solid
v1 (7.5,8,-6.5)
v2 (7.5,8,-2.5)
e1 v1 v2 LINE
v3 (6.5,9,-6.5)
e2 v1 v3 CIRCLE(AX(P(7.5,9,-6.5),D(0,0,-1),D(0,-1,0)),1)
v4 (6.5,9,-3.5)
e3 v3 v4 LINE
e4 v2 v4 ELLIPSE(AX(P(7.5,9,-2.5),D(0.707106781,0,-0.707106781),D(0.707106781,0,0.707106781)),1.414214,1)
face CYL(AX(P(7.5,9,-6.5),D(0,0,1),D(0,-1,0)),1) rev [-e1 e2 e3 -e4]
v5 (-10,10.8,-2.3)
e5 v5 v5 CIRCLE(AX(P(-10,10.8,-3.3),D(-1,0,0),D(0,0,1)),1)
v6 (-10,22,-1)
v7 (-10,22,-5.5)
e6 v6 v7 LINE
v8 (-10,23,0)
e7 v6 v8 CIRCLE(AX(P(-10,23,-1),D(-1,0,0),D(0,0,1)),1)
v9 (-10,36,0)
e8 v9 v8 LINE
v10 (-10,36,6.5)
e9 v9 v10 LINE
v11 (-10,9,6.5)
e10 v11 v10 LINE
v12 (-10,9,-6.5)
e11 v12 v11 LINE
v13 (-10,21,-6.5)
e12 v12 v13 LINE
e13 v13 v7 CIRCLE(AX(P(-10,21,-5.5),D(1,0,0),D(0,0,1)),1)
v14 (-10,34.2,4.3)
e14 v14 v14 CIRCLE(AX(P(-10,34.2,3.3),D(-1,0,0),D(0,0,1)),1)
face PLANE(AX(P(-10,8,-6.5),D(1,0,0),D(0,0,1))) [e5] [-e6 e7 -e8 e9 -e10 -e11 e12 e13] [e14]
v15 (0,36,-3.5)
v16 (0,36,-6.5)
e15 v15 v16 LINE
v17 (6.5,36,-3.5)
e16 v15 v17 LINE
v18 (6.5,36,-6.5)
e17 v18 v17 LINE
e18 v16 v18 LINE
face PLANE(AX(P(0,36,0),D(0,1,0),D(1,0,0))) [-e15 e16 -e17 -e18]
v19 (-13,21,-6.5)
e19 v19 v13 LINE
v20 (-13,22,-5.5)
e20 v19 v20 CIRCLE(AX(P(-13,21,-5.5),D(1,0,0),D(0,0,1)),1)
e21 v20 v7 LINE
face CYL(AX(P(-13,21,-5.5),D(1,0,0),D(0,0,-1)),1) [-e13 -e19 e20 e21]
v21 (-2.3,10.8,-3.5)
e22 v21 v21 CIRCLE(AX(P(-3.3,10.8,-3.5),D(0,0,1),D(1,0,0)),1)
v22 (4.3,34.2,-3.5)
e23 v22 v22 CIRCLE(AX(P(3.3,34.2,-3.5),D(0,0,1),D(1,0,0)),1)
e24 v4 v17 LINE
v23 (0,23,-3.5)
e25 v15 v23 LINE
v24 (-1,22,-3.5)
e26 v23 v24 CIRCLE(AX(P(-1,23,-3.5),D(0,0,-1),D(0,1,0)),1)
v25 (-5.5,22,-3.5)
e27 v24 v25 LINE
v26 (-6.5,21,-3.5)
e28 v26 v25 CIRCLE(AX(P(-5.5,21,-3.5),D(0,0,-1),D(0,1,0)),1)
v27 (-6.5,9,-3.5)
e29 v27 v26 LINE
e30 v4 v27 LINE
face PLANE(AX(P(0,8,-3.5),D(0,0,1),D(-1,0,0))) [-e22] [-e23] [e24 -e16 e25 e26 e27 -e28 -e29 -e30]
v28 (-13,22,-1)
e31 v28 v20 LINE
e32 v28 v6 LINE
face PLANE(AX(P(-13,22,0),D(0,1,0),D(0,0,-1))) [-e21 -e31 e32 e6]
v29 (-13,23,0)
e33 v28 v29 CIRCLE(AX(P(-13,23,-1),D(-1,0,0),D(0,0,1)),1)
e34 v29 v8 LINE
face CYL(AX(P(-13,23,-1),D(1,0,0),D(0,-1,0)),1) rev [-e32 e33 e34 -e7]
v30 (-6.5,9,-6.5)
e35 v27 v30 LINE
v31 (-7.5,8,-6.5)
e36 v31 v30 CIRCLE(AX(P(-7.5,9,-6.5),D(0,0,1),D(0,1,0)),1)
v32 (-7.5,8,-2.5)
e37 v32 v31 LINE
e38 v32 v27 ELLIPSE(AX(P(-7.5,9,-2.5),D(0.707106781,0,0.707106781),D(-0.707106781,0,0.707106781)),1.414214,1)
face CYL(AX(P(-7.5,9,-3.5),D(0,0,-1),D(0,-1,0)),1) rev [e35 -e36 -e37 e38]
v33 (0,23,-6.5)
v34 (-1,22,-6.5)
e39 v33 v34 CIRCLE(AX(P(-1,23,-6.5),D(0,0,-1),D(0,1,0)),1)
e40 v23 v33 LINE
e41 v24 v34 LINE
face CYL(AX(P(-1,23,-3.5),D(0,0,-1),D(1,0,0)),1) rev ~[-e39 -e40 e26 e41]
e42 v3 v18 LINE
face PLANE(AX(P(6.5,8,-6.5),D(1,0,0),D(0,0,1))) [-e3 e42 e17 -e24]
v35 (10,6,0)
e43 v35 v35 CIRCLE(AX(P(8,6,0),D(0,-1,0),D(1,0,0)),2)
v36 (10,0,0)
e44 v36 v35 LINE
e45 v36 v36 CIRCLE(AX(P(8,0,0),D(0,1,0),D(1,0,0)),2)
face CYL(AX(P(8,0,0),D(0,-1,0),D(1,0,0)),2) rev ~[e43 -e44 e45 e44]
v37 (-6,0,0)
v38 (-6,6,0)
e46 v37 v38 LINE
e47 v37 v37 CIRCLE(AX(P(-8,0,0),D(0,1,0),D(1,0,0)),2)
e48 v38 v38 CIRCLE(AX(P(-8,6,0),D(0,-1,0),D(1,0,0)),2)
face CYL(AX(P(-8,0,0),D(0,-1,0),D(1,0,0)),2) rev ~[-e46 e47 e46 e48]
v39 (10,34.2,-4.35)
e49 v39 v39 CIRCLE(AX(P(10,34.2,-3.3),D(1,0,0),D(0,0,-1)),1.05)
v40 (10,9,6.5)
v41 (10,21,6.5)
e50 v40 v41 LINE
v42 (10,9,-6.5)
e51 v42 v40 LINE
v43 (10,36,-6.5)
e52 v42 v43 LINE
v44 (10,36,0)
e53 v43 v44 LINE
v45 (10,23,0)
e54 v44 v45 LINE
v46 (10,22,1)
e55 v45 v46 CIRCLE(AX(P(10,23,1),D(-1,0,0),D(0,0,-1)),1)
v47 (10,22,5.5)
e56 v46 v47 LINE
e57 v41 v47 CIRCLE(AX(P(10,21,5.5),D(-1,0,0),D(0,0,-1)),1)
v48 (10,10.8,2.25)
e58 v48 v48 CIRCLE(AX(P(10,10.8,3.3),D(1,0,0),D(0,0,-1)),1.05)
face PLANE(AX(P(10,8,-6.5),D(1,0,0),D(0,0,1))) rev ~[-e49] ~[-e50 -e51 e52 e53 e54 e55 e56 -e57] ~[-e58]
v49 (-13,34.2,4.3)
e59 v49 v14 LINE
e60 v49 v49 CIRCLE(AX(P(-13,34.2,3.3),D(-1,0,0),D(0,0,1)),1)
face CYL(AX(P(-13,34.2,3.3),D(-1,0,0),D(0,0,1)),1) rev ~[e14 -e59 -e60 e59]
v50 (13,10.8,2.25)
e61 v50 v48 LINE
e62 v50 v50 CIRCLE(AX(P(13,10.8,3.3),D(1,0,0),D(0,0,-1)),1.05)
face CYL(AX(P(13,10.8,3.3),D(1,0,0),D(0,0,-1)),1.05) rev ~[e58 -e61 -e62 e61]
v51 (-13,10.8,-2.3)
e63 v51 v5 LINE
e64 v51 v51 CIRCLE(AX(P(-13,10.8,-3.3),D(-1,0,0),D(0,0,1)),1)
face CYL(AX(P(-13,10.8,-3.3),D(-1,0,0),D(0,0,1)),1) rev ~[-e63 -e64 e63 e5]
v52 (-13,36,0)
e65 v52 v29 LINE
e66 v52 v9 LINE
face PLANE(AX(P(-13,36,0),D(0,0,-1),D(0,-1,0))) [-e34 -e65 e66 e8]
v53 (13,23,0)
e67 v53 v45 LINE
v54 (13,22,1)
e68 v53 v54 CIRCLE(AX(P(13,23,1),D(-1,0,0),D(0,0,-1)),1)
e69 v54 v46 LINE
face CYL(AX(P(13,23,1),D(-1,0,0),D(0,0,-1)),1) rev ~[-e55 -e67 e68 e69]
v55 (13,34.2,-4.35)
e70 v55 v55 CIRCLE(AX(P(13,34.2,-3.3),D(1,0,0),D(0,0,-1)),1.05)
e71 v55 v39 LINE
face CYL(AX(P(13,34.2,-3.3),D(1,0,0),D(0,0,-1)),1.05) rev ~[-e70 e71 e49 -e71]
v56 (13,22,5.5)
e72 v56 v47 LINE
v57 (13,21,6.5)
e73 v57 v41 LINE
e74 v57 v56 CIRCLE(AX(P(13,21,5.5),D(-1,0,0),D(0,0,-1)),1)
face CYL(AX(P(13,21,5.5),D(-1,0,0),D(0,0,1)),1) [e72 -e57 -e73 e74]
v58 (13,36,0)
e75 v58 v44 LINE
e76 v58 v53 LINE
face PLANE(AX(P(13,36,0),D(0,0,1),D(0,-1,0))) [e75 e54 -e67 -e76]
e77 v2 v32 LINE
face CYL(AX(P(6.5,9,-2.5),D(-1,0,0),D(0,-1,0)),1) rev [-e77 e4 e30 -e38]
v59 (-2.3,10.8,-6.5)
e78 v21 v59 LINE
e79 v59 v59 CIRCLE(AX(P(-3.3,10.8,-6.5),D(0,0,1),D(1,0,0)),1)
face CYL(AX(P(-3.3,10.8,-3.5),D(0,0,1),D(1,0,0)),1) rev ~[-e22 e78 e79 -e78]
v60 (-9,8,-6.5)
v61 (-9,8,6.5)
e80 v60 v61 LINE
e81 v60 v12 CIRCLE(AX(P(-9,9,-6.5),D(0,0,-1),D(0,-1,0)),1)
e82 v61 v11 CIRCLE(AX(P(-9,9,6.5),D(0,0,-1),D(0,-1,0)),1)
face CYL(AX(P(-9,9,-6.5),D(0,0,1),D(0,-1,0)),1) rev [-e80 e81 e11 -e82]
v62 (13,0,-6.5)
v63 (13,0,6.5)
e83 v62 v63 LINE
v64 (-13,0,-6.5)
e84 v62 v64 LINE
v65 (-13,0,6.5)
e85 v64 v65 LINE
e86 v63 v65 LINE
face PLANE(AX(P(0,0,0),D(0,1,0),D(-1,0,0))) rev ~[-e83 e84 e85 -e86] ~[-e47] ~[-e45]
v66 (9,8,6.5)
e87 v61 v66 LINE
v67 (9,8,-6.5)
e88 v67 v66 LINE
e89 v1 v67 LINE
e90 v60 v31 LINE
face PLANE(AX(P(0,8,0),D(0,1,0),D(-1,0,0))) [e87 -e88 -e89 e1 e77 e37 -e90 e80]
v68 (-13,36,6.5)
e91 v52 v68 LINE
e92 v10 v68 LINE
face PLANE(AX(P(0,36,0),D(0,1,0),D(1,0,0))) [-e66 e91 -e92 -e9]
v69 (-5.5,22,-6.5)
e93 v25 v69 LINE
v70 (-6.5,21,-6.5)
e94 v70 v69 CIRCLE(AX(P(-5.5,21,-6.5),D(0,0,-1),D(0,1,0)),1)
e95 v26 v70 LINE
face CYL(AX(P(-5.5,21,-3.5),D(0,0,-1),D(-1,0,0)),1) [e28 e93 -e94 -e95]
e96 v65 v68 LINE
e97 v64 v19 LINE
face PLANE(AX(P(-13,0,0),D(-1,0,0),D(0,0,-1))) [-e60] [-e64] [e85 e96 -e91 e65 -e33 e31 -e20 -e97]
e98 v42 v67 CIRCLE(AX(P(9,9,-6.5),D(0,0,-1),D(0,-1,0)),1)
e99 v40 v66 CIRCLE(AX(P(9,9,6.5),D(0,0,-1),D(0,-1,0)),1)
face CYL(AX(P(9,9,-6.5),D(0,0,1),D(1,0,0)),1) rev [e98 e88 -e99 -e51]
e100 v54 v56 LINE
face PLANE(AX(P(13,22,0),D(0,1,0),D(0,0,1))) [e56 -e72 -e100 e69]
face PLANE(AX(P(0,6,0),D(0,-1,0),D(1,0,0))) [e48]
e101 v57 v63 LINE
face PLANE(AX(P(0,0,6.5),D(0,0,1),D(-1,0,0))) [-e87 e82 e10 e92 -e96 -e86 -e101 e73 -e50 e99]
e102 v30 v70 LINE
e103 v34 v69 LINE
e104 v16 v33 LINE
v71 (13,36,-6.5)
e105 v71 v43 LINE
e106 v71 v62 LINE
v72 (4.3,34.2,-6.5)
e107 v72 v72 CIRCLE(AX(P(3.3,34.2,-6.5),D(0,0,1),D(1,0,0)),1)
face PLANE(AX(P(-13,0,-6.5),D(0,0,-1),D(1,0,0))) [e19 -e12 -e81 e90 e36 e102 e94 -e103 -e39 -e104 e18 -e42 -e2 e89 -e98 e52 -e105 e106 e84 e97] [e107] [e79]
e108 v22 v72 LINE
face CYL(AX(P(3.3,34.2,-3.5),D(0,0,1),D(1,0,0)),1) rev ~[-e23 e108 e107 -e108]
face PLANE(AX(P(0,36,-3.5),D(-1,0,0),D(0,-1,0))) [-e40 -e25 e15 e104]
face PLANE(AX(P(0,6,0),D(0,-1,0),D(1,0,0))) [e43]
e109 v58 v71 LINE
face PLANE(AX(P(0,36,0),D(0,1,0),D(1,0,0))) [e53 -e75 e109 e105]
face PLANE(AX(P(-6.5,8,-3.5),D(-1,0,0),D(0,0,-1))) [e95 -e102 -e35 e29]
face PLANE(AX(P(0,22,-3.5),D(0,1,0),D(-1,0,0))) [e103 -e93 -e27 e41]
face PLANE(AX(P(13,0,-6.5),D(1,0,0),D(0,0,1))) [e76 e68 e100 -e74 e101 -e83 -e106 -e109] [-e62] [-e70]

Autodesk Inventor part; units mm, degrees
ref_plane "YZ Plane" through (0, 0, 0) normal (1, 0, 0) x (0, 1, 0)
ref_plane "TOP" through (0, 36, 0) normal (0, 1, 0) x (-1, 0, 0)
sketch "Sketch1" plane through (0, 0, 0) normal (0, 1, 0) x (-1, 0, 0)
  line L0 (13, -6.5) -> (-13, -6.5)
  line L1 (-13, -6.5) -> (-13, 6.5)
  line L2 (-13, 6.5) -> (13, 6.5)
  line L3 (13, 6.5) -> (13, -6.5)
  line L4 (0, -9.1) -> (0, 9.1) projected
  line L5 (18.2, 0) -> (-18.2, 0) projected
  point P0 (0, 0)
  dimension "d0" = 26
  dimension "d1" = 13
extrude "Extrusion1" add sketch "Sketch1" along normal blind 8
sketch "Sketch2" plane through (0, 8, 0) normal (0, 1, 0) x (1, 0, 0)
  line L0 (-13, 6.5) -> (-13, -6.5) projected
  line L1 (-13, 6.5) -> (-10, 6.5)
  line L2 (-10, 6.5) -> (-10, -6.5)
  line L3 (-10, -6.5) -> (-13, -6.5)
  line L4 (-13, -6.5) -> (-13, 6.5)
  line L5 (13, 6.5) -> (-13, 6.5) projected
  line L6 (13, 6.5) -> (10, 6.5)
  line L7 (10, 6.5) -> (10, -6.5)
  line L8 (10, -6.5) -> (13, -6.5)
  line L9 (13, -6.5) -> (13, 6.5)
  line L10 (-6.5, 6.5) -> (6.5, 6.5)
  line L11 (6.5, 6.5) -> (6.5, 3.5)
  line L12 (6.5, 3.5) -> (-6.5, 3.5)
  line L13 (-6.5, 3.5) -> (-6.5, 6.5)
  line L14 (0, 9.1) -> (0, -9.1) projected
  line L15 (-13, -6.5) -> (13, -6.5) projected
  point P0 (0, 0)
  dimension "d4" = 3
  dimension "d5" = 3
  dimension "d6" = 3
  dimension "d7" = 13
extrude "Extrusion2" add sketch "Sketch2" along normal up to surface (28 mm away) contours L1 L2 L3 L0 | L5 L14 L12 L13 | L5 L11 L12 L14 | L7 L5 L9 L8
sketch "Sketch3" plane through (-13, 0, -6.5) normal (-1, 0, 0) x (0, 0, 1)
  line L0 (0, 36) -> (6.5, 36)
  line L1 (6.5, 36) -> (6.5, 22)
  line L2 (6.5, 22) -> (0, 22)
  line L3 (0, 22) -> (0, 36)
  line L4 (0, 0) -> (13, 0) projected
  line L5 (13, 0) -> (13, 36) projected
  line L6 (13, 36) -> (0, 36) projected
  line L7 (0, 0) -> (0, 36) projected
  point P0 (6.5, 0)
  dimension "d11" = 22
  dimension "d12" = 6.5
extrude "Extrusion3" cut sketch "Sketch3" against normal blind 3 contours L0 L1 L2 L3
sketch "Sketch4" plane through (13, 0, 6.5) normal (1, 0, 0) x (0, 0, -1)
  line L0 (6.5, 36) -> (0, 36) projected
  line L1 (0, 36) -> (6.5, 36)
  line L2 (6.5, 36) -> (6.5, 22)
  line L3 (6.5, 22) -> (0, 22)
  line L4 (0, 22) -> (0, 36)
  line L5 (-2.6, 0) -> (15.6, 0) projected
  line L6 (13, 0) -> (13, 36) projected
  point P0 (6.5, 0)
  dimension "d15" = 22
  dimension "d16" = 6.5
extrude "Extrusion4" cut sketch "Sketch4" against normal blind 3
sketch "Sketch5" plane through (-6.5, 8, -3.5) normal (0, 0, 1) x (1, 0, 0)
  line L0 (0, 0) -> (0, 28) projected
  line L1 (0, 28) -> (6.5, 28)
  line L2 (6.5, 28) -> (6.5, 14)
  line L3 (6.5, 14) -> (0, 14)
  line L4 (0, 14) -> (0, 28)
  line L5 (13, 0) -> (13, 28) projected
  line L6 (-6.5, -8) -> (19.5, -8) projected
  point P0 (6.5, -8)
  point P1 (0, 14)
  dimension "d19" = 6.5
  dimension "d20" = 22
extrude "Extrusion5" cut sketch "Sketch5" against normal blind 3
sketch "Sketch6" plane through (13, 0, 6.5) normal (1, 0, 0) x (0, 0, -1)
  circle A0 centre (9.8, 34.2) radius 1.05
  circle A1 centre (3.2, 10.8) radius 1.05
  line L0 (13, 0) -> (13, 36) projected
  line L1 (13, 36) -> (6.5, 36) projected
  line L2 (0, 0) -> (0, 22) projected
  line L3 (6.5, 36) -> (6.5, 22) projected
  point P0 (6.5, 0)
  point P1 (0, 8)
  dimension "d23" = 2.1
  dimension "d25" = 1.8
  dimension "d27" = 2.8
  dimension "d30" = 3.3
  dimension "d31" = 3.3
extrude "Extrusion6" cut sketch "Sketch6" against normal blind 3
ref_plane "Work Plane2" through (13, 22, 6.5) normal (0, 1, 0) x (1, 0, 0)
sketch "Sketch7" plane through (-13, 0, -6.5) normal (-1, 0, 0) x (0, 0, 1)
  circle A0 centre (9.8, 34.2) radius 1
  circle A1 centre (3.2, 10.8) radius 1
  line L0 (6.5, 43.2) -> (6.5, -7.2) projected
  line L1 (13, 36) -> (6.5, 36) projected
  line L2 (13, 8) -> (0, 8) projected
  line L3 (0, 8) -> (3, 8) projected
  line L4 (3, 8) -> (0, 8) projected
  line L5 (0, 8) -> (13, 8) projected
  point P0 (6.5, 0)
  dimension "d33" = 2
  dimension "d34" = 3.3
  dimension "d35" = 1.8
  dimension "d36" = 3.3
  dimension "d37" = 2.8
extrude "Extrusion7" cut sketch "Sketch7" against normal blind 3
sketch "Sketch8" plane through (-6.5, 8, -3.5) normal (0, 0, 1) x (1, 0, 0)
  circle A0 centre (9.8, 26.2) radius 1
  circle A1 centre (3.2, 2.8) radius 1
  line L0 (-11.7, 28) -> (24.7, 28) projected
  line L1 (6.5, 35.2) -> (6.5, -15.2) projected
  line L2 (-3.5, 0) -> (16.5, 0) projected
  point P0 (6.5, -8)
  dimension "d40" = 2
  dimension "d41" = 1.8
  dimension "d42" = 3.3
  dimension "d43" = 3.3
  dimension "d44" = 2.8
extrude "Extrusion8" cut sketch "Sketch8" against normal blind 3
sketch "Sketch9" plane through (0, 0, 0) normal (0, -1, 0) x (1, 0, 0)
  circle A0 centre (-8, 0) radius 2
  circle A1 centre (8, 0) radius 2
  line L0 (0, -9.1) -> (0, 9.1) projected
  line L1 (-18.2, 0) -> (18.2, 0) projected
  point P0 (0, 0)
  dimension "d47" = 4
  dimension "d48" = 16
extrude "Extrusion9" cut sketch "Sketch9" against normal blind 6
fillet "Fillet1" radius 1 11 edges at (10, 8, 0) (-10, 8, 0) (11.5, 22, 6.5) (11.5, 22, 0) (-11.5, 22, -6.5) (-11.5, 22, 0) (-6.5, 22, -5) (0, 22, -5) (6.5, 8, -5) (0, 8, -3.5) (-6.5, 8, -5)
properties part number "sg_sensor_mount"
